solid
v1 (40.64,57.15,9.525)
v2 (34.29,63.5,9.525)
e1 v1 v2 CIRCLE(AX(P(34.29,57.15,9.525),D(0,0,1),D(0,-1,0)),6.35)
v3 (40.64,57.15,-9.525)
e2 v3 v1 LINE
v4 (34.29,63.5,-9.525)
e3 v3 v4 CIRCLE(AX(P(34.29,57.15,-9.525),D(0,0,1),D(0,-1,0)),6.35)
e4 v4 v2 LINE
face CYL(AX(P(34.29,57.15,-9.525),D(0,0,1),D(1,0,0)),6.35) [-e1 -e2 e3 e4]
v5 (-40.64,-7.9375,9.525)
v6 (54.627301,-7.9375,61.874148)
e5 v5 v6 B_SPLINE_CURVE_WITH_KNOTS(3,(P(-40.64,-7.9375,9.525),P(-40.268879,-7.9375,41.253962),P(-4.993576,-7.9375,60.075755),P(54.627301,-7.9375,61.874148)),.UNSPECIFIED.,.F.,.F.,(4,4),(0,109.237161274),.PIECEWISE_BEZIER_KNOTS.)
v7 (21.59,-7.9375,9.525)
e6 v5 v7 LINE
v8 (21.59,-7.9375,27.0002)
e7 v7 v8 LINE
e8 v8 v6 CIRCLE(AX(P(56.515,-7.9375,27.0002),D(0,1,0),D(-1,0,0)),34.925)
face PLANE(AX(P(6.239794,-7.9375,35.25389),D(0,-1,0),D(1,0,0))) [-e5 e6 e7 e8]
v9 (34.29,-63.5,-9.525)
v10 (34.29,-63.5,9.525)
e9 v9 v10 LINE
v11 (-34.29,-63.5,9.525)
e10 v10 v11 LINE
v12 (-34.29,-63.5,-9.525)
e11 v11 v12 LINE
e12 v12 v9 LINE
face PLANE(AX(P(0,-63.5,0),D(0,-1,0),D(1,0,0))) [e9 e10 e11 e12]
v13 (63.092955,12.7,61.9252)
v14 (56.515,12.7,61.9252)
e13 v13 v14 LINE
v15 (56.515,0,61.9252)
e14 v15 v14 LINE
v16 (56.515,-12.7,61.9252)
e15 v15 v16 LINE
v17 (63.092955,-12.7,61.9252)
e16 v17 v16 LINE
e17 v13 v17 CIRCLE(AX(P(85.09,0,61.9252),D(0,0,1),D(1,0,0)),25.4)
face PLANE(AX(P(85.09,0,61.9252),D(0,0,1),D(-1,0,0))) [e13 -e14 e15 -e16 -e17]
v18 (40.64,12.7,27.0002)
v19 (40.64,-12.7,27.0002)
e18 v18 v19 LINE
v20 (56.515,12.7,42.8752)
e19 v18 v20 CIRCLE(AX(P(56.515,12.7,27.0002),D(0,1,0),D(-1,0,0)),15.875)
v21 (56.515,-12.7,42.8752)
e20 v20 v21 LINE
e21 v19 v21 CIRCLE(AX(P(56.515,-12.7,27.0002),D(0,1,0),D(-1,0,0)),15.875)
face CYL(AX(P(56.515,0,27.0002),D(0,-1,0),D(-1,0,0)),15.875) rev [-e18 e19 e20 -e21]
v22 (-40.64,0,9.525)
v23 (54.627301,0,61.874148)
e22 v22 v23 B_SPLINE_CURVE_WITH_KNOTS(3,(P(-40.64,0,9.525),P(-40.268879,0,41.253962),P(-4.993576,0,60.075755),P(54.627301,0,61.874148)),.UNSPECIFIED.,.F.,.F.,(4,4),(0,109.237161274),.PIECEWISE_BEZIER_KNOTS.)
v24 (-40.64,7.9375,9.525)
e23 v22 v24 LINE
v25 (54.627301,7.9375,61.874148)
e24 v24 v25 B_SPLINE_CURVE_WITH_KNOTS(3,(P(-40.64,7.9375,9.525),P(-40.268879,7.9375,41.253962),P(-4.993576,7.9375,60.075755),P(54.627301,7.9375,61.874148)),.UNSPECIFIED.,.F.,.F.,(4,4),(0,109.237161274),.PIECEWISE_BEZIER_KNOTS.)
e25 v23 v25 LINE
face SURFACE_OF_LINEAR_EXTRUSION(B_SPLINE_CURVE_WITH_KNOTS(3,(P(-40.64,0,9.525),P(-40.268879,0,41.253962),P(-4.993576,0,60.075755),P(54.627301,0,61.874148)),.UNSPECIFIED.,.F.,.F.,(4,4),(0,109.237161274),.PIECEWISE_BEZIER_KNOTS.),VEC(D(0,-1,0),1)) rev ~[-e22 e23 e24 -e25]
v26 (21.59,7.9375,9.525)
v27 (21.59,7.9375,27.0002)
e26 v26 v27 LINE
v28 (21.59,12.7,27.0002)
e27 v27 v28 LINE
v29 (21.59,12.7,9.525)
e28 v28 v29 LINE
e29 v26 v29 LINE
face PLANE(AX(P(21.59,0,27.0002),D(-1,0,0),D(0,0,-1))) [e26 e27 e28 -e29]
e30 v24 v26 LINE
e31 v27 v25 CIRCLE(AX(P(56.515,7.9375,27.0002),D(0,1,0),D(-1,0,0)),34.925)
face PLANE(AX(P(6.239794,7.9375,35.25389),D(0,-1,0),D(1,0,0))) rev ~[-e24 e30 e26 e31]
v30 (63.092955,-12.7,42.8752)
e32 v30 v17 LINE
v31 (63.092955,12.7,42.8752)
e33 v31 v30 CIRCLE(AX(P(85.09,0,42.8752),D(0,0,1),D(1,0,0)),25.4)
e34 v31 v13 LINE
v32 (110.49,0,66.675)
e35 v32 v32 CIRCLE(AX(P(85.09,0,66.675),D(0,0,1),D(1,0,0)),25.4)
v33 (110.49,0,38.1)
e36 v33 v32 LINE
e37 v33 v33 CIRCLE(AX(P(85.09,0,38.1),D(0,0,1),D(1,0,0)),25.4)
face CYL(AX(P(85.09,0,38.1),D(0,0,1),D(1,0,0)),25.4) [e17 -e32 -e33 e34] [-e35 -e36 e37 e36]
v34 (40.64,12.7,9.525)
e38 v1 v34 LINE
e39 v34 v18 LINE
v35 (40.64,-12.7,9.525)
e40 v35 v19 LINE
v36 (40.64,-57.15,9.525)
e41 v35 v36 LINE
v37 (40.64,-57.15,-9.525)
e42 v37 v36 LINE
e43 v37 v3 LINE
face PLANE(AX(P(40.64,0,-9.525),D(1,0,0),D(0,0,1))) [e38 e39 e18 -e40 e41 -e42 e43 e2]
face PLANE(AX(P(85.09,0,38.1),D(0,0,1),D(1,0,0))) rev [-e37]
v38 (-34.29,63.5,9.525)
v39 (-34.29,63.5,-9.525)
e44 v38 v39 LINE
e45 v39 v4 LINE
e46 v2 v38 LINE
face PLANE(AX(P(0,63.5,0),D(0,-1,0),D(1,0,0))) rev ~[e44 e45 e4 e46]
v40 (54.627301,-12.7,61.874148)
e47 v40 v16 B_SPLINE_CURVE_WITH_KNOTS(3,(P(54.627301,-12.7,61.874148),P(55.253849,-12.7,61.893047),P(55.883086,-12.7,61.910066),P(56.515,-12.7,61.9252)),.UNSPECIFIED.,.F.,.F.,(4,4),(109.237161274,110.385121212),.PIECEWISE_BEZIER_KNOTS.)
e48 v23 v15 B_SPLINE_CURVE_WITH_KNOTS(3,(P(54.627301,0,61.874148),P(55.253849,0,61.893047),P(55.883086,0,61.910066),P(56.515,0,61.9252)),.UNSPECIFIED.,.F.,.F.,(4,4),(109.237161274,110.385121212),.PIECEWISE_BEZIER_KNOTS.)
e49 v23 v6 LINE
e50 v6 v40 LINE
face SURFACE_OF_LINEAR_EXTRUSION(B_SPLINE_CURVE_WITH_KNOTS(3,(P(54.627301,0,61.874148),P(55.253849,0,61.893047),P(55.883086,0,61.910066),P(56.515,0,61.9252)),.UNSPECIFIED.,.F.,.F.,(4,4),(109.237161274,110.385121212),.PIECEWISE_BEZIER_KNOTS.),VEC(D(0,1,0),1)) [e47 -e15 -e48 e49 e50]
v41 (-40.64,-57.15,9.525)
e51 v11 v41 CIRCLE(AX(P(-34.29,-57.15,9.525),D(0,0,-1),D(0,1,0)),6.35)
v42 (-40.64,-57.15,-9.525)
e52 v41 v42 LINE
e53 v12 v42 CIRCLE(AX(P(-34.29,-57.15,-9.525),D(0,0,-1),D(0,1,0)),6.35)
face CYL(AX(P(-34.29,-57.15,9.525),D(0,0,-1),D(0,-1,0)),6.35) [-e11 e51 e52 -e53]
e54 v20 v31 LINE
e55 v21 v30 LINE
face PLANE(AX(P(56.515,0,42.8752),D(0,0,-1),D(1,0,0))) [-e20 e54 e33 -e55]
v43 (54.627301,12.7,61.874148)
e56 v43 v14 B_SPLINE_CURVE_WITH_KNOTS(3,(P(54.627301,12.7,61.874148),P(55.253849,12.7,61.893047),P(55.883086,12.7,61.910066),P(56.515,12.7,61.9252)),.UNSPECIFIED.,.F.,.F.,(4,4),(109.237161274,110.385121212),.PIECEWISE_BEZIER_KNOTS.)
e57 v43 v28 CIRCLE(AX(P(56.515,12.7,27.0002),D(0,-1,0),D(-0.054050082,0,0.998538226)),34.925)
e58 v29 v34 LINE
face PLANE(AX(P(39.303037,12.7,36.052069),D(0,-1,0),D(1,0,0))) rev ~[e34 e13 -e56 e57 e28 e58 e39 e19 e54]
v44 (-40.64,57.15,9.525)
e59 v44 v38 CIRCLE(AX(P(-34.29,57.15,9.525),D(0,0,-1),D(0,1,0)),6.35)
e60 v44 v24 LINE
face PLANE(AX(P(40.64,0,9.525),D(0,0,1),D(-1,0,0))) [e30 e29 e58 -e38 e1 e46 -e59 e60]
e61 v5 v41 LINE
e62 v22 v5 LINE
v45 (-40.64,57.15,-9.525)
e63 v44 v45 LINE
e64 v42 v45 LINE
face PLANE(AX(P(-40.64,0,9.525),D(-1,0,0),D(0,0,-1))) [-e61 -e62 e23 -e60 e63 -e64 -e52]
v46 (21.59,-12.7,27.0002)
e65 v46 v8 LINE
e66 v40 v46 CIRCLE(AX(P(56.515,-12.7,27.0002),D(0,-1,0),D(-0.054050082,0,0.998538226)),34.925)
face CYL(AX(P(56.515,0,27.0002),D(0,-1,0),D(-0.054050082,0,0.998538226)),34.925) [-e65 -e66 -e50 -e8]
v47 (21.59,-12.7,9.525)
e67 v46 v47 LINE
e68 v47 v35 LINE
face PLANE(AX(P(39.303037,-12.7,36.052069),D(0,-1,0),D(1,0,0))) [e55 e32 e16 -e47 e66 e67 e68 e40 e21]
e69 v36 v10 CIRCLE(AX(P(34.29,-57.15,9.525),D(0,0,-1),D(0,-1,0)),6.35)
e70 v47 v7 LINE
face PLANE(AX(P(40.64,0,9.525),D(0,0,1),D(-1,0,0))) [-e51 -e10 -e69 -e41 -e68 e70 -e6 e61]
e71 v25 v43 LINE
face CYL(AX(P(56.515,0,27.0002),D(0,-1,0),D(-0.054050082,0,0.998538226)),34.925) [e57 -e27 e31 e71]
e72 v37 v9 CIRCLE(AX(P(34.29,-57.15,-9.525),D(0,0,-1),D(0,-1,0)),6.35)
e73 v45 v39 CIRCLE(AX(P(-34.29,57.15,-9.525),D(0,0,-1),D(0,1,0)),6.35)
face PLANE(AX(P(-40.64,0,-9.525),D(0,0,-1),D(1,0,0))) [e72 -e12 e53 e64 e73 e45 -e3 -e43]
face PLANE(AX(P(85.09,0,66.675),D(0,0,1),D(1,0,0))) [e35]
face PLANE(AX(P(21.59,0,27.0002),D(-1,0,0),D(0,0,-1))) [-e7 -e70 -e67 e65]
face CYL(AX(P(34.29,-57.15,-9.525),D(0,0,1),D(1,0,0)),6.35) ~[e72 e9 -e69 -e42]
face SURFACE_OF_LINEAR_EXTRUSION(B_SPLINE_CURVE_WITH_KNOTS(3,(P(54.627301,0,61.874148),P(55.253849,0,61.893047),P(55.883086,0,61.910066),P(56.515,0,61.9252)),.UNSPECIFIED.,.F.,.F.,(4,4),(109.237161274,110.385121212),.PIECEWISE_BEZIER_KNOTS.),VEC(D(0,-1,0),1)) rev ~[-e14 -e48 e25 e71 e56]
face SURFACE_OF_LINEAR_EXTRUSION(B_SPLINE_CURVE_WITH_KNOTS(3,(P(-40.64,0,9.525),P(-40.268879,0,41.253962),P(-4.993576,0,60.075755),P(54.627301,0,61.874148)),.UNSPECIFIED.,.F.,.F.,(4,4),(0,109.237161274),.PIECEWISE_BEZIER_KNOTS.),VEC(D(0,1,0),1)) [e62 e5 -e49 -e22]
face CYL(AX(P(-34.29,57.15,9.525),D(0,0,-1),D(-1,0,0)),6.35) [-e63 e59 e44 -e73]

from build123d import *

# Parameters (mm, degrees)
F1_DEPTH = 63.5
F0_W     = 25.4
F0_H     = 19.05
F2_DEPTH = 12.7
F3_DEPTH = 7.9375
F5_R     = 6.35
F6_R     = 6.35
F7_R     = 6.35


with BuildPart() as f1:
    # F0 (on Front) → F1 (new body, symmetric)
    with BuildSketch(Plane.XZ):
        Polygon((40.64, -9.525), (40.64, 9.525), (21.59, 9.525), (-40.64, 9.525), (-40.64, -9.525), align=None)
    extrude(amount=F1_DEPTH, both=True)

    # F0 (on Front) → F2 (join, symmetric)
    with BuildSketch(Plane.XZ):
        with BuildLine():
            Line((21.59, 9.525), (40.64, 9.525))
            Line((40.64, 9.525), (40.64, 27.0002))
            ThreePointArc((40.64, 27.0002), (45.2896798487, 38.2255201513), (56.515, 42.8752))
            Line((56.515, 42.8752), (59.69, 42.8752))
            Line((59.69, 42.8752), (59.69, 61.9252))
            Line((59.69, 61.9252), (56.515, 61.9252))
            add(Edge.make_bspline(
                [(54.6273008741, 61.8741475398), (55.2538493606, 61.8930466239), (55.8830864872, 61.910065703), (56.515, 61.9252)],
                knots=[109.2371612745, 109.2371612745, 109.2371612745, 109.2371612745, 110.3851212122, 110.3851212122, 110.3851212122, 110.3851212122], degree=3))
            ThreePointArc((54.6273008741, 61.8741475398), (31.1606757438, 51.01923134), (21.59, 27.0002))
            Line((21.59, 27.0002), (21.59, 9.525))
        make_face()
        with Locations((72.39, 52.4002)):
            Rectangle(F0_W, F0_H)
    extrude(amount=F2_DEPTH, both=True)

    # F0 (on Front) → F3 (join, symmetric)
    with BuildSketch(Plane.XZ):
        with BuildLine():
            Line((-40.64, 9.525), (21.59, 9.525))
            Line((21.59, 9.525), (21.59, 27.0002))
            ThreePointArc((21.59, 27.0002), (31.1606757438, 51.01923134), (54.6273008741, 61.8741475398))
            add(Edge.make_bspline(
                [(-40.64, 9.525), (-40.2688790692, 41.2539616871), (-4.9935759741, 60.0757552579), (54.6273008741, 61.8741475398)],
                knots=[0, 0, 0, 0, 109.2371612745, 109.2371612745, 109.2371612745, 109.2371612745], degree=3))
        make_face()
    extrude(amount=F3_DEPTH, both=True)

    # F0 (on Front) → F4 (revolve)
    with BuildSketch(Plane.XZ):
        Polygon((85.09, 61.9252), (85.09, 42.8752), (85.09, 38.1), (110.49, 38.1), (110.49, 66.675), (85.09, 66.675), align=None)
    revolve(axis=Axis((85.09, 0, 52.3875), (0, 0, 1)))

    # F5
    f5_edges = [f1.edges().sort_by_distance(p)[0] for p in [
        (40.64, -63.5, 0),
    ]]
    fillet(f5_edges, radius=F5_R)

    # F6
    f6_edges = [f1.edges().sort_by_distance(p)[0] for p in [
        (-40.64, -63.5, 0),
    ]]
    fillet(f6_edges, radius=F6_R)

    # F7
    f7_edges = [f1.edges().sort_by_distance(p)[0] for p in [
        (40.64, 63.5, 0),
        (-40.64, 63.5, 0),
    ]]
    fillet(f7_edges, radius=F7_R)


solid = f1.part
